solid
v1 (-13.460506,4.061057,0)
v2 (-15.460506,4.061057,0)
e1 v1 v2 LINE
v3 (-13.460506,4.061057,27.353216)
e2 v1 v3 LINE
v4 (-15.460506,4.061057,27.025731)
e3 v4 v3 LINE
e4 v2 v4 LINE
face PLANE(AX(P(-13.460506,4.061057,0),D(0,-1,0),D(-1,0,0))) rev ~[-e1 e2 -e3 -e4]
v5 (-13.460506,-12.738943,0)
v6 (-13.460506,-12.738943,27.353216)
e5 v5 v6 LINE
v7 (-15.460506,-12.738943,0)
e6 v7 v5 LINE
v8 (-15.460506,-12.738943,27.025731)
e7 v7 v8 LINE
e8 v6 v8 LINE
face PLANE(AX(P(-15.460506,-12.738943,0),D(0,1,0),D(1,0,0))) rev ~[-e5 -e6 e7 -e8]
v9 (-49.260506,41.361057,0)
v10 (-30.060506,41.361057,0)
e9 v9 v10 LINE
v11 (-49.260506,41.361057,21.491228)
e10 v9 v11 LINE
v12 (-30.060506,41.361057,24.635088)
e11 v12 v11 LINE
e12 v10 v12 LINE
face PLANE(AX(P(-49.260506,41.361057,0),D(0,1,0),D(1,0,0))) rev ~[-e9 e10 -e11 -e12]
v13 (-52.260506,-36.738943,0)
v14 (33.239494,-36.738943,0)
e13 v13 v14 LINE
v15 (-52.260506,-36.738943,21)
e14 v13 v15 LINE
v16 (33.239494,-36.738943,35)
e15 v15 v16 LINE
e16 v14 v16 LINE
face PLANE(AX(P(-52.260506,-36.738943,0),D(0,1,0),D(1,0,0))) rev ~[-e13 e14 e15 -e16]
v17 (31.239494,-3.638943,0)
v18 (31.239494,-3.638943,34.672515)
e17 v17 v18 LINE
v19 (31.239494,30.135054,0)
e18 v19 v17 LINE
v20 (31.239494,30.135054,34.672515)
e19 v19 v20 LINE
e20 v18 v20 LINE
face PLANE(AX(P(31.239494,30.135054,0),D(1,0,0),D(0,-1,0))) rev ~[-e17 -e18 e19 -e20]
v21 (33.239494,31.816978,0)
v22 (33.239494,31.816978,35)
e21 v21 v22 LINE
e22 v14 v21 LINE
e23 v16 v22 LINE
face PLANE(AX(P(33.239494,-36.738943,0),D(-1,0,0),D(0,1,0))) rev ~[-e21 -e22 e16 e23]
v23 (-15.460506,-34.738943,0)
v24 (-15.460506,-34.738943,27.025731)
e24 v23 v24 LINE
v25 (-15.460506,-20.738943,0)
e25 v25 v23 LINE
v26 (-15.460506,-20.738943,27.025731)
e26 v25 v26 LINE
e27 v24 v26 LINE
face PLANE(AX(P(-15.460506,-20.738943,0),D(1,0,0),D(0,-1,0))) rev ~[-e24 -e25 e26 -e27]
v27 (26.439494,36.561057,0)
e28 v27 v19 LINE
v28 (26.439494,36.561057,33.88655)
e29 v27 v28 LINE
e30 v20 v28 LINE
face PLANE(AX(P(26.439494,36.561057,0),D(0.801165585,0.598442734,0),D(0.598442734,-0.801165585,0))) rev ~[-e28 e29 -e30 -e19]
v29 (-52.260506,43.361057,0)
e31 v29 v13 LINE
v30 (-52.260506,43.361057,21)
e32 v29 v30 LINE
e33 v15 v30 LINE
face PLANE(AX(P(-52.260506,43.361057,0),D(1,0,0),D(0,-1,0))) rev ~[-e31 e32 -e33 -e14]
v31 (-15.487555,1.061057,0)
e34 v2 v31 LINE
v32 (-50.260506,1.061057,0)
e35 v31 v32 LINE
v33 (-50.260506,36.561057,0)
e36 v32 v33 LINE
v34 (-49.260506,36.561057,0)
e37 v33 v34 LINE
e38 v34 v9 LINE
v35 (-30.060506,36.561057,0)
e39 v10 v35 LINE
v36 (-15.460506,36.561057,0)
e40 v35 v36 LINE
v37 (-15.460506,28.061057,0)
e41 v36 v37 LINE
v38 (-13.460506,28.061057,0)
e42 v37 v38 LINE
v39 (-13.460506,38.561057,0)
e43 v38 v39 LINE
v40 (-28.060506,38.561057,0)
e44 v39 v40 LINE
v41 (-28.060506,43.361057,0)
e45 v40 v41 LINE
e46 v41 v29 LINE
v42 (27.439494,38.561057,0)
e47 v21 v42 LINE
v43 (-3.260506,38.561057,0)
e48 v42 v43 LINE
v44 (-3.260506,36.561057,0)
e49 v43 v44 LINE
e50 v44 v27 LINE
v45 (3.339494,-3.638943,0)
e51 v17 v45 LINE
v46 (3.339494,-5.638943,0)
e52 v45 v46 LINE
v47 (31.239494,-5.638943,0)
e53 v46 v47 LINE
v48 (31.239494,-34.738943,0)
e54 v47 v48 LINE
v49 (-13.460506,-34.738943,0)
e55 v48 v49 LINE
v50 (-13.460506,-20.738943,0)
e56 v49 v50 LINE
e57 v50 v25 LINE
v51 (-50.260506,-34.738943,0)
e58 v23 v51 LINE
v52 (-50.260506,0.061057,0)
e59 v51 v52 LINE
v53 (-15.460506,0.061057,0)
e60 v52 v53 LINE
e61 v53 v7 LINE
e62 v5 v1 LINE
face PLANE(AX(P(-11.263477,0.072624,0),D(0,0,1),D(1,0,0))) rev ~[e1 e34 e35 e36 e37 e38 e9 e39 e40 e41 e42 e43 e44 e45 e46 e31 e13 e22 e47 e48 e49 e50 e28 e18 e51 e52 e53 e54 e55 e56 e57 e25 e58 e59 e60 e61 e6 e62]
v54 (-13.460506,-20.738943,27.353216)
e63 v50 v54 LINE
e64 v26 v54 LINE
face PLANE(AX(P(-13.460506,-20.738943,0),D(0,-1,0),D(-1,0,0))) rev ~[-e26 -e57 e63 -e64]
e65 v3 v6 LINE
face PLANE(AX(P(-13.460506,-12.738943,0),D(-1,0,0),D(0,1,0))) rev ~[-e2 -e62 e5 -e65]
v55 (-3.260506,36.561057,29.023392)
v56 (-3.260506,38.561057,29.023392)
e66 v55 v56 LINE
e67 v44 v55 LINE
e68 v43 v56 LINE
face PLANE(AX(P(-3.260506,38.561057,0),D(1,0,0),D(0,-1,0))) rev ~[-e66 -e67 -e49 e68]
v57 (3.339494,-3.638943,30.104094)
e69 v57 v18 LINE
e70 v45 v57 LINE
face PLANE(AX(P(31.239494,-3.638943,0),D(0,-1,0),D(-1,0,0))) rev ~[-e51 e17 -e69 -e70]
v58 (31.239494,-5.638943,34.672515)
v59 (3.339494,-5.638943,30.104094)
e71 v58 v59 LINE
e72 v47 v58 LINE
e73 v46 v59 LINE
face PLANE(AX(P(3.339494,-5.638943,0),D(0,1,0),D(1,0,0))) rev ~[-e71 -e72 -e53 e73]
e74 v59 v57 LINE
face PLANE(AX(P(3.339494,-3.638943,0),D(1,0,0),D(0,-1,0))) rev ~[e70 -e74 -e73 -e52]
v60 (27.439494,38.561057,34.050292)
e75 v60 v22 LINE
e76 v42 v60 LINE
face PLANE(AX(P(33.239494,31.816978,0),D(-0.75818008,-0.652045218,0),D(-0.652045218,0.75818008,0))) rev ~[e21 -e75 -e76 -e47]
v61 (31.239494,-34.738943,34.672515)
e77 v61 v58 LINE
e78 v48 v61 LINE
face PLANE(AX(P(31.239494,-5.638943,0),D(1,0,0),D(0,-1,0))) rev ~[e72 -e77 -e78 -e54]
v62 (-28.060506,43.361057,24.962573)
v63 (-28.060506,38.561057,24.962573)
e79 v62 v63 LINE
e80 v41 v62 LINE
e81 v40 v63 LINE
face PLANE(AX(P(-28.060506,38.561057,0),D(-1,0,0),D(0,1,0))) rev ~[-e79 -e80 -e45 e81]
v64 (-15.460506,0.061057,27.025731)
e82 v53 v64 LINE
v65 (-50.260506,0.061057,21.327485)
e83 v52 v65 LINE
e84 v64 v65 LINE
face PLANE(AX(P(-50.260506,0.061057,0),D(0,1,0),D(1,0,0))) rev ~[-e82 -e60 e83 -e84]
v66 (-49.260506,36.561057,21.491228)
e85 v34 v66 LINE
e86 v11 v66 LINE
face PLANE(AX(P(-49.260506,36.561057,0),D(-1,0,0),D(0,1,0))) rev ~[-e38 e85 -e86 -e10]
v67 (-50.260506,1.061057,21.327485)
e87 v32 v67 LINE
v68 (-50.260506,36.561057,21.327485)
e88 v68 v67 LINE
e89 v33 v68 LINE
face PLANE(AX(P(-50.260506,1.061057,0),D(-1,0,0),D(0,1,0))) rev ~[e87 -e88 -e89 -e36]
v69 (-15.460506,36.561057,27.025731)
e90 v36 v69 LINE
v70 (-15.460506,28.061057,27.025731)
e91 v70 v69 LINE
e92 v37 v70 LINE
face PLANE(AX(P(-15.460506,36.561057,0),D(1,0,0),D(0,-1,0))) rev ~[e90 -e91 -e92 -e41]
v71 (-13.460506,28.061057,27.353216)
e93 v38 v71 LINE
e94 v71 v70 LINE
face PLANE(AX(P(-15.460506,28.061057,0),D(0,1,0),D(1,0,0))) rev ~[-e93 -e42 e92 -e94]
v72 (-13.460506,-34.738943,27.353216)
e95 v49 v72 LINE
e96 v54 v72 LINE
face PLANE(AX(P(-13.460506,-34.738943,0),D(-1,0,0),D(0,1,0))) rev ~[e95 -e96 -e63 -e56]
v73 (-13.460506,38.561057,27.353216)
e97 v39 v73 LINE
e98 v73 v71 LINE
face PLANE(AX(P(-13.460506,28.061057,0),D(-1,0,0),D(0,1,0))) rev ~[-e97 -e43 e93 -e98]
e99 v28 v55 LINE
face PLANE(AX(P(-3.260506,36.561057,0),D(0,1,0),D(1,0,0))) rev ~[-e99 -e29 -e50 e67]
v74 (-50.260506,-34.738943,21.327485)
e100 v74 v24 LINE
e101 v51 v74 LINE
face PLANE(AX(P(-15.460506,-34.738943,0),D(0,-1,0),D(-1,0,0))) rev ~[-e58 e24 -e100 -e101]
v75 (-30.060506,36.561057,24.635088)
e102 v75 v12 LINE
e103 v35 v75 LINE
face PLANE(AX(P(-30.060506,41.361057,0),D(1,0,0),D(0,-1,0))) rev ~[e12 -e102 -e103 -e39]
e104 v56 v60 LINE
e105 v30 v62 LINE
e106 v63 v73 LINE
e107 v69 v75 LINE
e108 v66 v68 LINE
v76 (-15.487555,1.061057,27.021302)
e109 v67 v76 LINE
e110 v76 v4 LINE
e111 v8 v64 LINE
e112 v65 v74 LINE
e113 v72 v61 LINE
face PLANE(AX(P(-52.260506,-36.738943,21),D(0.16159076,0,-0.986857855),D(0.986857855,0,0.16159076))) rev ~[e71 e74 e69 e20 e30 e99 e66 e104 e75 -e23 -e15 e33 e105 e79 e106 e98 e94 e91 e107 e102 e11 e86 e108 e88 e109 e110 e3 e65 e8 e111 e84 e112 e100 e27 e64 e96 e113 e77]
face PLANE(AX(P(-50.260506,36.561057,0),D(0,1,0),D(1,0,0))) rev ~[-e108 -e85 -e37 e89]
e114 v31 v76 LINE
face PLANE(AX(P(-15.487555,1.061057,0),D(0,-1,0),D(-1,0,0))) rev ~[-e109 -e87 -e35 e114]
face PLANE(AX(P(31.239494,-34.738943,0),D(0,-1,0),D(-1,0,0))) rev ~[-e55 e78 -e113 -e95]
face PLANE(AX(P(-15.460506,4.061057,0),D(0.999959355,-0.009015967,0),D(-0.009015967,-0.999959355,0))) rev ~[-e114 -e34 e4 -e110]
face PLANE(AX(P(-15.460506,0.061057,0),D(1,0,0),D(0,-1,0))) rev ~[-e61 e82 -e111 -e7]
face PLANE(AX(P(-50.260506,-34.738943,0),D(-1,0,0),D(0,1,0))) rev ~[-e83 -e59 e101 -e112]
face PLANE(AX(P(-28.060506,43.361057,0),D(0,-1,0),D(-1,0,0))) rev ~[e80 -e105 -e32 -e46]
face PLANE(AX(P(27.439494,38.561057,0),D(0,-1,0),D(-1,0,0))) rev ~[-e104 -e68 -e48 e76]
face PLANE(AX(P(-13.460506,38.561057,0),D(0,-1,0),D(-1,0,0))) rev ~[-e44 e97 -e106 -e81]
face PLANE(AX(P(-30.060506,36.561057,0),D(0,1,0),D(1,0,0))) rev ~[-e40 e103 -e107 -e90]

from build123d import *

# Parameters (mm, degrees)
F1_DEPTH = 35
F3_DEPTH = 90


with BuildPart() as f1:
    # F0 (on Top) → F1 (new body)
    with BuildSketch(Plane.XY):
        Polygon((-50.260506, 1.061057), (-50.260506, 36.561057), (-49.260506, 36.561057), (-49.260506, 41.361057), (-30.060506, 41.361057), (-30.060506, 36.561057), (-15.460506, 36.561057), (-15.460506, 28.061057), (-13.460506, 28.061057), (-13.460506, 38.561057), (-28.060506, 38.561057), (-28.060506, 43.361057), (-50.260506, 43.361057), (-52.260506, 43.361057), (-52.260506, -36.738943), (-13.460506, -36.738943), (33.239494, -36.738943), (33.239494, 31.816978), (27.439494, 38.561057), (-3.260506, 38.561057), (-3.260506, 36.561057), (26.439494, 36.561057), (31.239494, 30.135054), (31.239494, -3.638943), (3.339494, -3.638943), (3.339494, -5.638943), (31.239494, -5.638943), (31.239494, -34.738943), (-13.460506, -34.738943), (-13.460506, -20.738943), (-15.460506, -20.738943), (-15.460506, -34.738943), (-50.260506, -34.738943), (-50.260506, 0.061057), (-15.460506, 0.061057), (-15.460506, -12.738943), (-13.460506, -12.738943), (-13.460506, 4.061057), (-15.460506, 4.061057), (-15.487555, 1.061057), align=None)
    extrude(amount=F1_DEPTH)

    # F2 (on face) → F3 (cut)
    with BuildSketch(Plane.XZ.offset(36.738943)):
        Polygon((-52.260506, 61.379157), (-52.260506, 21), (33.239494, 35), (27.843312, 67.955256), align=None)
    extrude(amount=-F3_DEPTH, mode=Mode.SUBTRACT)


solid = f1.part
